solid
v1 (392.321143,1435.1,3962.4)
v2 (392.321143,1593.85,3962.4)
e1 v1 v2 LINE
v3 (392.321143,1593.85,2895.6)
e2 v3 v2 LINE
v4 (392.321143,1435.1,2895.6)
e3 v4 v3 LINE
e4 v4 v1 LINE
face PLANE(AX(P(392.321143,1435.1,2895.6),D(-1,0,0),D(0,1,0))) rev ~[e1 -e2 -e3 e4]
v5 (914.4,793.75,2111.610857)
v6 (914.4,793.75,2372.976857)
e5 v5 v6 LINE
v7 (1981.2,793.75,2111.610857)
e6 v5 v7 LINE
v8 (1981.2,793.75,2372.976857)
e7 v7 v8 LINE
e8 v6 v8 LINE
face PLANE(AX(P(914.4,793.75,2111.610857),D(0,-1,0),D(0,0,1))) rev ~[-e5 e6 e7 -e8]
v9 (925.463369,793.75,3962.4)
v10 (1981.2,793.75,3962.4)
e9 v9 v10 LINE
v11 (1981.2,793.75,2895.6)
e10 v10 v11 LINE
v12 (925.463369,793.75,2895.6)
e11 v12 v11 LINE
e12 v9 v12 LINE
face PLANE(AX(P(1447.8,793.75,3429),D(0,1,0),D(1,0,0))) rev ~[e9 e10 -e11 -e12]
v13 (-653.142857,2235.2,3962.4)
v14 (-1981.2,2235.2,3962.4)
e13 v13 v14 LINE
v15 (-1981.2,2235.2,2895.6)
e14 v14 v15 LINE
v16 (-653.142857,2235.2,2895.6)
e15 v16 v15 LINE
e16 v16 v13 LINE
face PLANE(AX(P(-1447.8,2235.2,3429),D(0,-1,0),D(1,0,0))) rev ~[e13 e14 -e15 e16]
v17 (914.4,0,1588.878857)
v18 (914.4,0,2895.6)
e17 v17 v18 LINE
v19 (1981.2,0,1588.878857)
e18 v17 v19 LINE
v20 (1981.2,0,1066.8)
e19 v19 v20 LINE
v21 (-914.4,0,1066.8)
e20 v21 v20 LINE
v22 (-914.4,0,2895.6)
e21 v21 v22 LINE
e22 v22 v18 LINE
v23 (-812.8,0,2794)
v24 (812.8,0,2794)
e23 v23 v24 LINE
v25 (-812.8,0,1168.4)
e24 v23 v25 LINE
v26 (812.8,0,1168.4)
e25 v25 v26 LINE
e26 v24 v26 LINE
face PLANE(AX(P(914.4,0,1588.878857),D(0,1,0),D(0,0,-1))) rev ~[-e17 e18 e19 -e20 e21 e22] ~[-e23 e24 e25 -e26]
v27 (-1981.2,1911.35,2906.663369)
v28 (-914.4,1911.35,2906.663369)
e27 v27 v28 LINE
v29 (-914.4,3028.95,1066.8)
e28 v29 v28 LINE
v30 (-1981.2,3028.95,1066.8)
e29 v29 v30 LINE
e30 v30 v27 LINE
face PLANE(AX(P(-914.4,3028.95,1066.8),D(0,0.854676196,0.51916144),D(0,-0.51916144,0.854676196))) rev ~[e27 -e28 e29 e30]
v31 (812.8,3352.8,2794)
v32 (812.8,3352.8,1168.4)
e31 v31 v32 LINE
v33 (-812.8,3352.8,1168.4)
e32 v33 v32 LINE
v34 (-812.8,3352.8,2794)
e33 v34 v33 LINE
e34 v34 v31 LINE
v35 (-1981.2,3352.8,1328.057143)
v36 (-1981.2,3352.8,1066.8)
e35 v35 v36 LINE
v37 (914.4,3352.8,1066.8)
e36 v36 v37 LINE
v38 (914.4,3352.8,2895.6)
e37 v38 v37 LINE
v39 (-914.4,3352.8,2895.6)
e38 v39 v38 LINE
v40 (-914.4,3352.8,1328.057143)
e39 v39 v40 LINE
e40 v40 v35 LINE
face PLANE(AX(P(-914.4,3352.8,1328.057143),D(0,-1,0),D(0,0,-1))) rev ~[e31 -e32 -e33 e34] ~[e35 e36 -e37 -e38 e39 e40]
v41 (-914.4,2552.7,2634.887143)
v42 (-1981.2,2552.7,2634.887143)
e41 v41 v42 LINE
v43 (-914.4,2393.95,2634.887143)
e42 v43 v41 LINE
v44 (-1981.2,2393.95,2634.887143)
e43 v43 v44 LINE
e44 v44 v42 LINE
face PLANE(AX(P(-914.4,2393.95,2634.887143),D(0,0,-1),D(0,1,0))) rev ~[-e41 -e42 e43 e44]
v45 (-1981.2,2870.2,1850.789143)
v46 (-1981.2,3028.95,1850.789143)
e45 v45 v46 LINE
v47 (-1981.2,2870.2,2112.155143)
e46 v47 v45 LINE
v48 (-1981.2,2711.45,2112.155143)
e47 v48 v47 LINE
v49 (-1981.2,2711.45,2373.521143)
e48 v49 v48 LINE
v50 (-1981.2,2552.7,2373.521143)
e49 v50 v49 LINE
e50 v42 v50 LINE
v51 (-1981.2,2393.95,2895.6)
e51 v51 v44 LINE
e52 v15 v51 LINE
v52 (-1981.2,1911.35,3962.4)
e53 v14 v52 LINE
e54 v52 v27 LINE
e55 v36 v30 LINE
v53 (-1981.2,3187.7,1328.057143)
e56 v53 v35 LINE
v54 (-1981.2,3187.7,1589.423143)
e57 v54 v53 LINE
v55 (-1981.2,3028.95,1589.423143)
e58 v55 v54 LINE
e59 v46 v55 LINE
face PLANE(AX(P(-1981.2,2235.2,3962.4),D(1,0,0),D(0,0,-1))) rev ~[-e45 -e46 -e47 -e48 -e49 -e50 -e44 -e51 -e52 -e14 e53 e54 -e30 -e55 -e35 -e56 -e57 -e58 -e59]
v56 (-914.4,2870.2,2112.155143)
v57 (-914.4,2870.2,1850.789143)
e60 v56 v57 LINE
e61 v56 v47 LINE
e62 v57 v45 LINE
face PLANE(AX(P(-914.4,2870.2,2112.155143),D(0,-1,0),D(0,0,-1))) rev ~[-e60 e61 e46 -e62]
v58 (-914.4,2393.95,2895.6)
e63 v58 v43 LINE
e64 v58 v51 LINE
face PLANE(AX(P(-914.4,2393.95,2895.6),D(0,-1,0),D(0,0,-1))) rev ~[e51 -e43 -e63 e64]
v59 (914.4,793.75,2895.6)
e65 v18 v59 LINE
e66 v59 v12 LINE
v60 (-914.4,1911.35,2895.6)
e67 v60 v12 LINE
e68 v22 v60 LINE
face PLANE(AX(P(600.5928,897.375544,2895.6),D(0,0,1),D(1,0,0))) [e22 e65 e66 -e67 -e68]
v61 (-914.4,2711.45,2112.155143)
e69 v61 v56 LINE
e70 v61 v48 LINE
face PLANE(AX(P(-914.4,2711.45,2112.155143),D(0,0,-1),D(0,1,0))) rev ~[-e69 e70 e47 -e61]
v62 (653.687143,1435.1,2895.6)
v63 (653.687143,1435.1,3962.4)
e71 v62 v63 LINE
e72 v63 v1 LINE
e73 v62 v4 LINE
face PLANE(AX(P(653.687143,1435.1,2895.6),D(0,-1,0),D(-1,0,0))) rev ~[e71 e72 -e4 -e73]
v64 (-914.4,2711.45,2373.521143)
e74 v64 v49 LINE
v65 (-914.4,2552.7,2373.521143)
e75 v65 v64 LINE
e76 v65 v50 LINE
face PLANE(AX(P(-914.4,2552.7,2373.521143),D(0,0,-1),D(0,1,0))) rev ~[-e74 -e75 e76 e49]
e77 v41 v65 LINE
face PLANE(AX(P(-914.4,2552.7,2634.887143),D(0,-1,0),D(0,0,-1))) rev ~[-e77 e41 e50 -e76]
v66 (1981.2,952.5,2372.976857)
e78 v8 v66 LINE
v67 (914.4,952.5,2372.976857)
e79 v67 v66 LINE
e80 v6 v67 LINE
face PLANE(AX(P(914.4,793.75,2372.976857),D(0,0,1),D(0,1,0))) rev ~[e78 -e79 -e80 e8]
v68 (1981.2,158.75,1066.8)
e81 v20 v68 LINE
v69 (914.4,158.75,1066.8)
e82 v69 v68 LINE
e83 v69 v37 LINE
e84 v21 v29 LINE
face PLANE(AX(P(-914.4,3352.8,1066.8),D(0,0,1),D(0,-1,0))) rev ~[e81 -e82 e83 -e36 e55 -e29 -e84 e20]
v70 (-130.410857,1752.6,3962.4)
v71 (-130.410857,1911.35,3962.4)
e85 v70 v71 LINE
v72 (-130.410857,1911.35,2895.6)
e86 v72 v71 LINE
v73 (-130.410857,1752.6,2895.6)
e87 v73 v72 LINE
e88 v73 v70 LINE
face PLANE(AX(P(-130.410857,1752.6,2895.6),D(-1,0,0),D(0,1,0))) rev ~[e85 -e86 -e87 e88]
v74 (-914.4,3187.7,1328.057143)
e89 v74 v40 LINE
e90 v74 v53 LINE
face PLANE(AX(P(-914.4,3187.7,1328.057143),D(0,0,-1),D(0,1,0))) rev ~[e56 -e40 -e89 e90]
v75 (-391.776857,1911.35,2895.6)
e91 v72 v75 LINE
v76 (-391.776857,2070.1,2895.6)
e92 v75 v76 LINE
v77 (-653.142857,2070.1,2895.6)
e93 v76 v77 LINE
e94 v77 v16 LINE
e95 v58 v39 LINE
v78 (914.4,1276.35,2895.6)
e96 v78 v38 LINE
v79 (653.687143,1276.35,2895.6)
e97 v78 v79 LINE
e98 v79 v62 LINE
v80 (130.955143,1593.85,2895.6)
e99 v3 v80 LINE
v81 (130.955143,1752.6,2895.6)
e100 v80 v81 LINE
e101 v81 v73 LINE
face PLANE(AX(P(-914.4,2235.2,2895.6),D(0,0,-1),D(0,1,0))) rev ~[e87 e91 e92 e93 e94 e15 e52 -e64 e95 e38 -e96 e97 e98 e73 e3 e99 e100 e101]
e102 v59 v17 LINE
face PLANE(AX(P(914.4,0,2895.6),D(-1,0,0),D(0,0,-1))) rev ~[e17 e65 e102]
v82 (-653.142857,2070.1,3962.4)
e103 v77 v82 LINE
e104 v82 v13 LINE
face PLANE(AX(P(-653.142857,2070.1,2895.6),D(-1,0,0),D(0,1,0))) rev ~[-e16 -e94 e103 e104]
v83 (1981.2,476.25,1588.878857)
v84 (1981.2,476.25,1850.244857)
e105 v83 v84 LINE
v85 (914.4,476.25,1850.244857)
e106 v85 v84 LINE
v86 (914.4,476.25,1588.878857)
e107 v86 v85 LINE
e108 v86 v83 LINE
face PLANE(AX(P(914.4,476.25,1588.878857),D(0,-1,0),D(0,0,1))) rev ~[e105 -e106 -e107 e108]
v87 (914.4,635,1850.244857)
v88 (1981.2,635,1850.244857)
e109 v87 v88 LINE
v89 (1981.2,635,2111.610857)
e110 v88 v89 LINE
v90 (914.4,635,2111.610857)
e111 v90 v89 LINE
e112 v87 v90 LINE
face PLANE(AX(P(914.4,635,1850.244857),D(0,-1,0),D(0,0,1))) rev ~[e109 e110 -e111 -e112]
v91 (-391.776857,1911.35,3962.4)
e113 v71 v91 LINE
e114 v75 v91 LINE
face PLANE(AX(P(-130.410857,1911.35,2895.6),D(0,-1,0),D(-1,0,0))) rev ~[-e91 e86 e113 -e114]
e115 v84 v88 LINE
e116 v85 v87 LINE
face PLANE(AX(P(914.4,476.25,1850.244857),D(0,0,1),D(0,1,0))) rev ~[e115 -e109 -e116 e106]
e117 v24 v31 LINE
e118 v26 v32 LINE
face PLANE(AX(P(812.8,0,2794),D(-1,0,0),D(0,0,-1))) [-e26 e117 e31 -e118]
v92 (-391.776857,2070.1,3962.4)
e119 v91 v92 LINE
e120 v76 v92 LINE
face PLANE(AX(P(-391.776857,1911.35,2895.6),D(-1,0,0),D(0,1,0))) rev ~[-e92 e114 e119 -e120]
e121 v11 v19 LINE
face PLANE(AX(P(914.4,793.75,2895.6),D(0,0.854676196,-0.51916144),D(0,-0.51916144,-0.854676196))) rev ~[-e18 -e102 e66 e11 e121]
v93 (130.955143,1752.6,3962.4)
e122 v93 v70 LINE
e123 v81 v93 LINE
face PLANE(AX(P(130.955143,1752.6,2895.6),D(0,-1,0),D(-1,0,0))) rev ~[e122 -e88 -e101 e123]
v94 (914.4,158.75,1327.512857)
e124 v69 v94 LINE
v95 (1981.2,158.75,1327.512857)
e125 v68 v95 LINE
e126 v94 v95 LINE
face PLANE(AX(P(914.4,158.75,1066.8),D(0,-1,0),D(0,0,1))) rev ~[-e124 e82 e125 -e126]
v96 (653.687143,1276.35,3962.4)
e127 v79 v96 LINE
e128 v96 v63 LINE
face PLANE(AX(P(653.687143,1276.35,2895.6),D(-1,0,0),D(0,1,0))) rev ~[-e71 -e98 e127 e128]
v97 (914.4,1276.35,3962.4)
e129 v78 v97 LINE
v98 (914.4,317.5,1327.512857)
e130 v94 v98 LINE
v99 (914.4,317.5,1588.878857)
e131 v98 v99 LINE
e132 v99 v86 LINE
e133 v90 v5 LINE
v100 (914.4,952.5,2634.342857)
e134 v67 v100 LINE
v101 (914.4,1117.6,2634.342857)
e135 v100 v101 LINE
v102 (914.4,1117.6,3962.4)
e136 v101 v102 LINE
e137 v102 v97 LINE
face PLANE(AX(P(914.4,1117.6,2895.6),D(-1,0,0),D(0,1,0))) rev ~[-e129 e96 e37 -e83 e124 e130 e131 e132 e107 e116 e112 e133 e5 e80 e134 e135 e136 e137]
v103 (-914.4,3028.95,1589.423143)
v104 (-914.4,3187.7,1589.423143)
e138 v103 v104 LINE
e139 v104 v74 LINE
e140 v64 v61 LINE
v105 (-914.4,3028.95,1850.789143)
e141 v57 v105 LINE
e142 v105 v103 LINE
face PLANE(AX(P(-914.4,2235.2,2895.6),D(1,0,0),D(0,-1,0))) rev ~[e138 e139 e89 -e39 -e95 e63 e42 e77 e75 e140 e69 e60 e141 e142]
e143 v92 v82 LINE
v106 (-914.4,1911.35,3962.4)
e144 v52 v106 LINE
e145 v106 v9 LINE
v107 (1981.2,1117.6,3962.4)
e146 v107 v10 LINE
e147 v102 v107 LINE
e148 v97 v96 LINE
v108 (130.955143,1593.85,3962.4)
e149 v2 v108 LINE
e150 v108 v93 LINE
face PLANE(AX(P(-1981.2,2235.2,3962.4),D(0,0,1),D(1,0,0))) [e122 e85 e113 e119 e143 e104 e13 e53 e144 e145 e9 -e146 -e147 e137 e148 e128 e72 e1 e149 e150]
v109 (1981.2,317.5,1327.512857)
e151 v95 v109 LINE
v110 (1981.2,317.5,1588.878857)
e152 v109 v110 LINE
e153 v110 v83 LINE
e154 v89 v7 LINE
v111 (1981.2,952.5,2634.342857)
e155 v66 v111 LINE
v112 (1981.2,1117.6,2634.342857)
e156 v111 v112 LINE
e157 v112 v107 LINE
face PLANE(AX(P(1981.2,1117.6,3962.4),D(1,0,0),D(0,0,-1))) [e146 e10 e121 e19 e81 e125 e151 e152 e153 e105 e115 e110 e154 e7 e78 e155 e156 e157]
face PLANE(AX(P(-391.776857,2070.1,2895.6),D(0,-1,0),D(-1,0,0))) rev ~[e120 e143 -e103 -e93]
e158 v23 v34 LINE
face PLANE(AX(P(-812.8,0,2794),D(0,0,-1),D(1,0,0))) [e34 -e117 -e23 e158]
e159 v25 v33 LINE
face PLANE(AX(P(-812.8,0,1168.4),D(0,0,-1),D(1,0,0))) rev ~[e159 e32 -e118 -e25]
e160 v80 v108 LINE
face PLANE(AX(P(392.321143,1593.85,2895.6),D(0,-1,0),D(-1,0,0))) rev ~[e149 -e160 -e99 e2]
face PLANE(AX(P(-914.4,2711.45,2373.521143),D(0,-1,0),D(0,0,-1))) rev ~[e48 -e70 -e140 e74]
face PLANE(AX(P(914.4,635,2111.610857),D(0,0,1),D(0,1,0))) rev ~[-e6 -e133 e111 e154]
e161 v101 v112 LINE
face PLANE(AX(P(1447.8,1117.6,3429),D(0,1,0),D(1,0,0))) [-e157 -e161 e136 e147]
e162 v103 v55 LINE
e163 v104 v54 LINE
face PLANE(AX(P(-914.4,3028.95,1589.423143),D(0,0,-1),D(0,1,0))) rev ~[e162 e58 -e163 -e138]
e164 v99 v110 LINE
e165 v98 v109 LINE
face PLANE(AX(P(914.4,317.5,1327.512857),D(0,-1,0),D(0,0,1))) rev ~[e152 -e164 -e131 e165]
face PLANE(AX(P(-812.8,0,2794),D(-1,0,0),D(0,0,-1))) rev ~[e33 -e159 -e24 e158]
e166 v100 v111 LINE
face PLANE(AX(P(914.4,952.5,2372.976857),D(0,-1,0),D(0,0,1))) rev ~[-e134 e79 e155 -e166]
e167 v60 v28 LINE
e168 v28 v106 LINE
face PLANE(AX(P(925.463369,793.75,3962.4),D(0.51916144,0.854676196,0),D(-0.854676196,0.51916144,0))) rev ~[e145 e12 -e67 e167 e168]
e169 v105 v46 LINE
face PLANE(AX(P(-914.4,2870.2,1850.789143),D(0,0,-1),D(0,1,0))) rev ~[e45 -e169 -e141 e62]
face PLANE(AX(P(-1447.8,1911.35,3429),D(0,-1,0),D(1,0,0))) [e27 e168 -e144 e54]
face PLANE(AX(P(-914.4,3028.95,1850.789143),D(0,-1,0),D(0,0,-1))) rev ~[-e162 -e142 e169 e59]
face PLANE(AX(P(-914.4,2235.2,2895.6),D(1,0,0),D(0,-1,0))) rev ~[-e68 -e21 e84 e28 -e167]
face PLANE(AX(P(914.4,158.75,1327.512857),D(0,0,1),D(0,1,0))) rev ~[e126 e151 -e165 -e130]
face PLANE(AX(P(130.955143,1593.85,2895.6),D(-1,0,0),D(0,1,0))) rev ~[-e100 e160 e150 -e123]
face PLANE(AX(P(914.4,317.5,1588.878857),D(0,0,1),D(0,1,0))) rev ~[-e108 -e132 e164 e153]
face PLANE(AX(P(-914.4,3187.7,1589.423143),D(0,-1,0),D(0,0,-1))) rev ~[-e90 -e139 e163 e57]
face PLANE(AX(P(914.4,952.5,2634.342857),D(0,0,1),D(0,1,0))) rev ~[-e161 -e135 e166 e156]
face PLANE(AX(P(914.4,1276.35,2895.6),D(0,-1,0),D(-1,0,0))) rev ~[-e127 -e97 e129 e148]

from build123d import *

# Parameters (mm, degrees)
SKETCH1_W           = 1828.8
SKETCH1_H           = 1752.6
SKETCH1_W_2         = 1625.6
SKETCH1_H_2         = 1625.6
SKETCH1_H_3         = 76.2
BOSS_EXTRUDE1_DEPTH = 3352.8
BOSS_EXTRUDE2_DEPTH = 1066.8
BOSS_EXTRUDE3_DEPTH = 1066.8
SKETCH5_W           = 1066.8
SKETCH5_H           = 1066.8
SKETCH5_W_2         = 522.078857143
BOSS_EXTRUDE5_DEPTH = 323.85
BOSS_EXTRUDE6_DEPTH = 1066.8
SKETCH7_W           = 1066.8
SKETCH7_H           = 1066.8
SKETCH7_H_2         = 522.078857143
BOSS_EXTRUDE7_DEPTH = 323.85
CUT_EXTRUDE1_DEPTH  = 1066.8
CUT_EXTRUDE2_DEPTH  = 1066.8


with BuildPart() as part:
    # Sketch1 → Boss-Extrude1 (new body)
    # profile 1 of 2: a face of its own
    with BuildSketch(Plane(origin=(0, 0, 0), x_dir=(1, 0, 0), z_dir=(0, 1, 0))):
        with Locations((0, -1943.1)):
            Rectangle(SKETCH1_W, SKETCH1_H)
        with Locations((0, -1981.2)):
            Rectangle(SKETCH1_W_2, SKETCH1_H_2, mode=Mode.SUBTRACT)
    # profile 2 of 2: a face of its own
    with BuildSketch(Plane(origin=(0, 0, 0), x_dir=(1, 0, 0), z_dir=(0, 1, 0))):
        with Locations((0, -2857.5)):
            Rectangle(SKETCH1_W, SKETCH1_H_3)
    extrude(amount=BOSS_EXTRUDE1_DEPTH)

    # Sketch3 → Boss-Extrude2 (add)
    with BuildSketch(Plane(origin=(914.4, 0, 0), x_dir=(0, 0, -1), z_dir=(1, 0, 0))):
        Polygon((-1588.878857143, 0), (-1066.8, 0), (-1066.8, 158.75), (-1327.512857143, 158.75), (-1327.512857143, 317.5), (-1588.878857143, 317.5), (-1588.878857143, 476.25), (-1850.244857143, 476.25), (-1850.244857143, 635), (-2111.610857143, 635), (-2111.610857143, 793.75), (-2372.976857143, 793.75), (-2372.976857143, 952.5), (-2634.342857143, 952.5), (-2634.342857143, 1117.6), (-2895.6, 1117.6), (-2895.6, 793.75), align=None)
    extrude(amount=BOSS_EXTRUDE2_DEPTH)

    # Sketch4 → Boss-Extrude3 (add)
    with BuildSketch(Plane.XY.offset(2895.6)):
        Polygon((392.321142857, 1117.6), (914.4, 1117.6), (914.4, 1276.35), (653.687142857, 1276.35), (653.687142857, 1435.1), (392.321142857, 1435.1), (392.321142857, 1593.85), (130.955142857, 1593.85), (130.955142857, 1752.6), (-130.410857143, 1752.6), (-130.410857143, 1911.35), (-391.776857143, 1911.35), (-391.776857143, 2070.1), (-653.142857143, 2070.1), (-653.142857143, 2235.2), (-914.4, 2235.2), (-914.4, 1911.35), align=None)
    extrude(amount=BOSS_EXTRUDE3_DEPTH)

    # Sketch5 → Boss-Extrude5 (add)
    with BuildSketch(Plane(origin=(0, 1117.6, 0), x_dir=(1, 0, 0), z_dir=(0, 1, 0))):
        with Locations((1447.8, -3429)):
            Rectangle(SKETCH5_W, SKETCH5_H)
        with Locations((653.360571429, -3429)):
            Rectangle(SKETCH5_W_2, SKETCH5_H)
    extrude(amount=-BOSS_EXTRUDE5_DEPTH)

    # Sketch6 → Boss-Extrude6 (add)
    with BuildSketch(Plane.ZY.offset(914.4)):
        Polygon((2373.521142857, 2235.2), (2895.6, 2235.2), (2895.6, 2393.95), (2634.887142857, 2393.95), (2634.887142857, 2552.7), (2373.521142857, 2552.7), (2373.521142857, 2711.45), (2112.155142857, 2711.45), (2112.155142857, 2870.2), (1850.789142857, 2870.2), (1850.789142857, 3028.95), (1589.423142857, 3028.95), (1589.423142857, 3187.7), (1328.057142857, 3187.7), (1328.057142857, 3352.8), (1066.8, 3352.8), (1066.8, 3028.95), align=None)
    extrude(amount=BOSS_EXTRUDE6_DEPTH)

    # Sketch7 → Boss-Extrude7 (add)
    with BuildSketch(Plane.XZ.offset(-2235.2)):
        with Locations((-1447.8, 3429)):
            Rectangle(SKETCH7_W, SKETCH7_H)
        with Locations((-1447.8, 2634.560571429)):
            Rectangle(SKETCH7_W, SKETCH7_H_2)
    extrude(amount=BOSS_EXTRUDE7_DEPTH)

    # Sketch8 → Cut-Extrude1 (cut)
    with BuildSketch(Plane.XY.offset(3962.4)):
        Polygon((925.463369143, 793.75), (392.321142857, 1117.6), (392.321142857, 793.75), align=None)
    extrude(amount=-CUT_EXTRUDE1_DEPTH, mode=Mode.SUBTRACT)

    # Sketch9 → Cut-Extrude2 (cut)
    with BuildSketch(Plane.ZY.offset(1981.2)):
        Polygon((2906.663369143, 1911.35), (2373.521142857, 2235.2), (2373.521142857, 1911.35), align=None)
    extrude(amount=-CUT_EXTRUDE2_DEPTH, mode=Mode.SUBTRACT)


solid = part.part
